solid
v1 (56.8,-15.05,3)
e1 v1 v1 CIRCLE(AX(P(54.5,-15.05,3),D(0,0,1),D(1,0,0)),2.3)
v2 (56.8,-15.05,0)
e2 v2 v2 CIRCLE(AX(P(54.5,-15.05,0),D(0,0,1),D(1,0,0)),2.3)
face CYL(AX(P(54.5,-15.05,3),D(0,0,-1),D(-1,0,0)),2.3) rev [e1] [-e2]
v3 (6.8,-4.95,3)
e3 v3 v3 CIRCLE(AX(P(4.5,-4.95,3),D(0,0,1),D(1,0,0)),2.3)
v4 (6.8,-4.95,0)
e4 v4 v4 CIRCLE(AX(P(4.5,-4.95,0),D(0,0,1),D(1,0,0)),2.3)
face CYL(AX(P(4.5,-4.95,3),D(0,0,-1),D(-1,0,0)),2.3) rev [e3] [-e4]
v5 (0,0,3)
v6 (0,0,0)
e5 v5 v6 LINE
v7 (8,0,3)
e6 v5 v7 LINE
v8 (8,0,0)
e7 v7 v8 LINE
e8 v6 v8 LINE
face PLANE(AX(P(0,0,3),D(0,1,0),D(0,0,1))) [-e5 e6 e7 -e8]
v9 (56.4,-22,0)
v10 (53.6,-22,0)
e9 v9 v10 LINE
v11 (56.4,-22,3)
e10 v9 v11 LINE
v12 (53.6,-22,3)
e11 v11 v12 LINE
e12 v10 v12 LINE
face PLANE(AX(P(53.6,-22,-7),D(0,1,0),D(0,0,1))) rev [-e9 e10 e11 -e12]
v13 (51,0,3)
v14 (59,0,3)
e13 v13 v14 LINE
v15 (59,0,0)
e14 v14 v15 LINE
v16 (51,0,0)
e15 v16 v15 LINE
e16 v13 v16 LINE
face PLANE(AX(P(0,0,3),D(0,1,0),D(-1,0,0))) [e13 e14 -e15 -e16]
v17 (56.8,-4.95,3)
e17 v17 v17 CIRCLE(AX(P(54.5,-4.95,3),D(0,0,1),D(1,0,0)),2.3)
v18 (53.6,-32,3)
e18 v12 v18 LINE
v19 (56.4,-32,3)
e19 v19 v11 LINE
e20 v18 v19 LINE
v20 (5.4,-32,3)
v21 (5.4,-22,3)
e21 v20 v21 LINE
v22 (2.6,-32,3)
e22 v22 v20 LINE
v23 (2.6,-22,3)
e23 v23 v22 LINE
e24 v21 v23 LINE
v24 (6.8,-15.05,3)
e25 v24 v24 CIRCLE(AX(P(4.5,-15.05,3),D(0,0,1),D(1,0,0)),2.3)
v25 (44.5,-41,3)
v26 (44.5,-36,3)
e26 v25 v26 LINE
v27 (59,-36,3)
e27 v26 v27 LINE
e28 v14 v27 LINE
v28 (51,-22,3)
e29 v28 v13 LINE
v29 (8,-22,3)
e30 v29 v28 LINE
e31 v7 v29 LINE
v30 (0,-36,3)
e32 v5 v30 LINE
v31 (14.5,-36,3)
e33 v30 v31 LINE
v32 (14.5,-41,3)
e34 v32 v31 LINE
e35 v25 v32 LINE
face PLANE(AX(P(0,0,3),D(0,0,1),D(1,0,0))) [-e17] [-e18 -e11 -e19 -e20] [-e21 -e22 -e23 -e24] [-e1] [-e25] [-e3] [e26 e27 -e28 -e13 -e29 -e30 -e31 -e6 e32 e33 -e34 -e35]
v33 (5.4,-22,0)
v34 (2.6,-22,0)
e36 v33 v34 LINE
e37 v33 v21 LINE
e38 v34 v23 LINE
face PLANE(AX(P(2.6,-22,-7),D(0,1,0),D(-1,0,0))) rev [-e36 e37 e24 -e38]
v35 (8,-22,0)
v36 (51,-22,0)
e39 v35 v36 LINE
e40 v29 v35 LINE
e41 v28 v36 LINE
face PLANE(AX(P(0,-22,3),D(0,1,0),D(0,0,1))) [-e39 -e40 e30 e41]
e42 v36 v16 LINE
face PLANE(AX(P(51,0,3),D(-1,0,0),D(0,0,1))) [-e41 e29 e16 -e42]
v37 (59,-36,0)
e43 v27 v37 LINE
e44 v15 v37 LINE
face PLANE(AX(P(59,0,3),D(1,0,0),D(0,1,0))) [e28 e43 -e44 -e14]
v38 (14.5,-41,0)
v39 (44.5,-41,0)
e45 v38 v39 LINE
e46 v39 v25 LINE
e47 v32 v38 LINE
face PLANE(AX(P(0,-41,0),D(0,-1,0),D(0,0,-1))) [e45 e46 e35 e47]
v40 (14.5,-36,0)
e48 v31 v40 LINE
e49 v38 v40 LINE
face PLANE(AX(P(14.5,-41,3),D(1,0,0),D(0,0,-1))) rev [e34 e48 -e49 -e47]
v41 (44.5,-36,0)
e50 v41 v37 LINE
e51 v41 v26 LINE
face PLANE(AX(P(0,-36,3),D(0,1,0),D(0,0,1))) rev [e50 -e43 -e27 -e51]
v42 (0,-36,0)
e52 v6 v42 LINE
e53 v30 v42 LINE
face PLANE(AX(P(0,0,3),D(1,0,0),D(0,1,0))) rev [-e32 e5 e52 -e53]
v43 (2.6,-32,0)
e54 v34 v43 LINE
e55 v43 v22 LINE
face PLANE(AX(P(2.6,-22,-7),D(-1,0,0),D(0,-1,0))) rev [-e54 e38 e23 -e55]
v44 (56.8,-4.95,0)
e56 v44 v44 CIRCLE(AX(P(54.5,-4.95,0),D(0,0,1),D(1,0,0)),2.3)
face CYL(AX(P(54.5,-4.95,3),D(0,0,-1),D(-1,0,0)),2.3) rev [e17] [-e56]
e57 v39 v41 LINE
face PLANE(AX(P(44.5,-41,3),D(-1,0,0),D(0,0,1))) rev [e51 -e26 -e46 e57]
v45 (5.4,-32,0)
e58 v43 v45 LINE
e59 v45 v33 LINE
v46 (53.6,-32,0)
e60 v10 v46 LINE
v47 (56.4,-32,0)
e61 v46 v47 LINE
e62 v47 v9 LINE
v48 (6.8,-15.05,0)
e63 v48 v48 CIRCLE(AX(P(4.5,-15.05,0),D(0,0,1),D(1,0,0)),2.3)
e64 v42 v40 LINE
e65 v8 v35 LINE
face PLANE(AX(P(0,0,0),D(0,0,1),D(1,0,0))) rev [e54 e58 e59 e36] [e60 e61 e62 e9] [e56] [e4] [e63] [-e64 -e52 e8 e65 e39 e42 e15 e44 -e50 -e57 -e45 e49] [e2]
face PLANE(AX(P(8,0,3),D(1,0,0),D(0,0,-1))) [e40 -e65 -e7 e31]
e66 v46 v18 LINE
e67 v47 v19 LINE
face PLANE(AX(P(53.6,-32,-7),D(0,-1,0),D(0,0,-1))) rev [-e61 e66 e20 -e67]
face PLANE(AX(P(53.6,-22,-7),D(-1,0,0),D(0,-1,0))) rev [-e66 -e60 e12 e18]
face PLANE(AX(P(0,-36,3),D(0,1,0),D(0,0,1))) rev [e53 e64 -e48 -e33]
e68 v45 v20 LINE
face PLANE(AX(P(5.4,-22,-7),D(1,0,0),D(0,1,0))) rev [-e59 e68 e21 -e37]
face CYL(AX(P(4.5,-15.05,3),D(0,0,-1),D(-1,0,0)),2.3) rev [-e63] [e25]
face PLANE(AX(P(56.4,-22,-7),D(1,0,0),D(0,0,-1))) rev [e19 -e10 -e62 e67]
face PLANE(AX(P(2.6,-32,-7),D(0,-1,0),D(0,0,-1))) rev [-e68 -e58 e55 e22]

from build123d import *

# Parameters (mm, degrees)
SKETCH1_R           = 2.3
BOSS_EXTRUDE1_DEPTH = 3
SKETCH3_W           = 2.8
SKETCH3_H           = 10
CUT_EXTRUDE1_DEPTH  = 10
SKETCH4_W           = 30
SKETCH4_H           = 3
BOSS_EXTRUDE2_DEPTH = 5


with BuildPart() as part:
    # Sketch1 → Boss-Extrude1 (new body)
    with BuildSketch(Plane.XY):
        Polygon((0, 0), (8, 0), (8, -22), (51, -22), (51, 0), (59, 0), (59, -36), (0, -36), align=None)
        with Locations((4.5, -15.05)):
            Circle(SKETCH1_R, mode=Mode.SUBTRACT)
        with Locations((4.5, -4.95)):
            Circle(SKETCH1_R, mode=Mode.SUBTRACT)
        with Locations((54.5, -4.95)):
            Circle(SKETCH1_R, mode=Mode.SUBTRACT)
        with Locations((54.5, -15.05)):
            Circle(SKETCH1_R, mode=Mode.SUBTRACT)
    extrude(amount=BOSS_EXTRUDE1_DEPTH)

    # Sketch3 → Cut-Extrude1 (cut)
    with BuildSketch(Plane.XY.offset(3)):
        with Locations((4, -27)):
            Rectangle(SKETCH3_W, SKETCH3_H)
        with Locations((55, -27)):
            Rectangle(SKETCH3_W, SKETCH3_H)
    extrude(amount=-CUT_EXTRUDE1_DEPTH, mode=Mode.SUBTRACT)

    # Sketch4 → Boss-Extrude2 (add)
    with BuildSketch(Plane.XZ.offset(36)):
        with Locations((29.5, 1.5)):
            Rectangle(SKETCH4_W, SKETCH4_H)
    extrude(amount=BOSS_EXTRUDE2_DEPTH)


solid = part.part
